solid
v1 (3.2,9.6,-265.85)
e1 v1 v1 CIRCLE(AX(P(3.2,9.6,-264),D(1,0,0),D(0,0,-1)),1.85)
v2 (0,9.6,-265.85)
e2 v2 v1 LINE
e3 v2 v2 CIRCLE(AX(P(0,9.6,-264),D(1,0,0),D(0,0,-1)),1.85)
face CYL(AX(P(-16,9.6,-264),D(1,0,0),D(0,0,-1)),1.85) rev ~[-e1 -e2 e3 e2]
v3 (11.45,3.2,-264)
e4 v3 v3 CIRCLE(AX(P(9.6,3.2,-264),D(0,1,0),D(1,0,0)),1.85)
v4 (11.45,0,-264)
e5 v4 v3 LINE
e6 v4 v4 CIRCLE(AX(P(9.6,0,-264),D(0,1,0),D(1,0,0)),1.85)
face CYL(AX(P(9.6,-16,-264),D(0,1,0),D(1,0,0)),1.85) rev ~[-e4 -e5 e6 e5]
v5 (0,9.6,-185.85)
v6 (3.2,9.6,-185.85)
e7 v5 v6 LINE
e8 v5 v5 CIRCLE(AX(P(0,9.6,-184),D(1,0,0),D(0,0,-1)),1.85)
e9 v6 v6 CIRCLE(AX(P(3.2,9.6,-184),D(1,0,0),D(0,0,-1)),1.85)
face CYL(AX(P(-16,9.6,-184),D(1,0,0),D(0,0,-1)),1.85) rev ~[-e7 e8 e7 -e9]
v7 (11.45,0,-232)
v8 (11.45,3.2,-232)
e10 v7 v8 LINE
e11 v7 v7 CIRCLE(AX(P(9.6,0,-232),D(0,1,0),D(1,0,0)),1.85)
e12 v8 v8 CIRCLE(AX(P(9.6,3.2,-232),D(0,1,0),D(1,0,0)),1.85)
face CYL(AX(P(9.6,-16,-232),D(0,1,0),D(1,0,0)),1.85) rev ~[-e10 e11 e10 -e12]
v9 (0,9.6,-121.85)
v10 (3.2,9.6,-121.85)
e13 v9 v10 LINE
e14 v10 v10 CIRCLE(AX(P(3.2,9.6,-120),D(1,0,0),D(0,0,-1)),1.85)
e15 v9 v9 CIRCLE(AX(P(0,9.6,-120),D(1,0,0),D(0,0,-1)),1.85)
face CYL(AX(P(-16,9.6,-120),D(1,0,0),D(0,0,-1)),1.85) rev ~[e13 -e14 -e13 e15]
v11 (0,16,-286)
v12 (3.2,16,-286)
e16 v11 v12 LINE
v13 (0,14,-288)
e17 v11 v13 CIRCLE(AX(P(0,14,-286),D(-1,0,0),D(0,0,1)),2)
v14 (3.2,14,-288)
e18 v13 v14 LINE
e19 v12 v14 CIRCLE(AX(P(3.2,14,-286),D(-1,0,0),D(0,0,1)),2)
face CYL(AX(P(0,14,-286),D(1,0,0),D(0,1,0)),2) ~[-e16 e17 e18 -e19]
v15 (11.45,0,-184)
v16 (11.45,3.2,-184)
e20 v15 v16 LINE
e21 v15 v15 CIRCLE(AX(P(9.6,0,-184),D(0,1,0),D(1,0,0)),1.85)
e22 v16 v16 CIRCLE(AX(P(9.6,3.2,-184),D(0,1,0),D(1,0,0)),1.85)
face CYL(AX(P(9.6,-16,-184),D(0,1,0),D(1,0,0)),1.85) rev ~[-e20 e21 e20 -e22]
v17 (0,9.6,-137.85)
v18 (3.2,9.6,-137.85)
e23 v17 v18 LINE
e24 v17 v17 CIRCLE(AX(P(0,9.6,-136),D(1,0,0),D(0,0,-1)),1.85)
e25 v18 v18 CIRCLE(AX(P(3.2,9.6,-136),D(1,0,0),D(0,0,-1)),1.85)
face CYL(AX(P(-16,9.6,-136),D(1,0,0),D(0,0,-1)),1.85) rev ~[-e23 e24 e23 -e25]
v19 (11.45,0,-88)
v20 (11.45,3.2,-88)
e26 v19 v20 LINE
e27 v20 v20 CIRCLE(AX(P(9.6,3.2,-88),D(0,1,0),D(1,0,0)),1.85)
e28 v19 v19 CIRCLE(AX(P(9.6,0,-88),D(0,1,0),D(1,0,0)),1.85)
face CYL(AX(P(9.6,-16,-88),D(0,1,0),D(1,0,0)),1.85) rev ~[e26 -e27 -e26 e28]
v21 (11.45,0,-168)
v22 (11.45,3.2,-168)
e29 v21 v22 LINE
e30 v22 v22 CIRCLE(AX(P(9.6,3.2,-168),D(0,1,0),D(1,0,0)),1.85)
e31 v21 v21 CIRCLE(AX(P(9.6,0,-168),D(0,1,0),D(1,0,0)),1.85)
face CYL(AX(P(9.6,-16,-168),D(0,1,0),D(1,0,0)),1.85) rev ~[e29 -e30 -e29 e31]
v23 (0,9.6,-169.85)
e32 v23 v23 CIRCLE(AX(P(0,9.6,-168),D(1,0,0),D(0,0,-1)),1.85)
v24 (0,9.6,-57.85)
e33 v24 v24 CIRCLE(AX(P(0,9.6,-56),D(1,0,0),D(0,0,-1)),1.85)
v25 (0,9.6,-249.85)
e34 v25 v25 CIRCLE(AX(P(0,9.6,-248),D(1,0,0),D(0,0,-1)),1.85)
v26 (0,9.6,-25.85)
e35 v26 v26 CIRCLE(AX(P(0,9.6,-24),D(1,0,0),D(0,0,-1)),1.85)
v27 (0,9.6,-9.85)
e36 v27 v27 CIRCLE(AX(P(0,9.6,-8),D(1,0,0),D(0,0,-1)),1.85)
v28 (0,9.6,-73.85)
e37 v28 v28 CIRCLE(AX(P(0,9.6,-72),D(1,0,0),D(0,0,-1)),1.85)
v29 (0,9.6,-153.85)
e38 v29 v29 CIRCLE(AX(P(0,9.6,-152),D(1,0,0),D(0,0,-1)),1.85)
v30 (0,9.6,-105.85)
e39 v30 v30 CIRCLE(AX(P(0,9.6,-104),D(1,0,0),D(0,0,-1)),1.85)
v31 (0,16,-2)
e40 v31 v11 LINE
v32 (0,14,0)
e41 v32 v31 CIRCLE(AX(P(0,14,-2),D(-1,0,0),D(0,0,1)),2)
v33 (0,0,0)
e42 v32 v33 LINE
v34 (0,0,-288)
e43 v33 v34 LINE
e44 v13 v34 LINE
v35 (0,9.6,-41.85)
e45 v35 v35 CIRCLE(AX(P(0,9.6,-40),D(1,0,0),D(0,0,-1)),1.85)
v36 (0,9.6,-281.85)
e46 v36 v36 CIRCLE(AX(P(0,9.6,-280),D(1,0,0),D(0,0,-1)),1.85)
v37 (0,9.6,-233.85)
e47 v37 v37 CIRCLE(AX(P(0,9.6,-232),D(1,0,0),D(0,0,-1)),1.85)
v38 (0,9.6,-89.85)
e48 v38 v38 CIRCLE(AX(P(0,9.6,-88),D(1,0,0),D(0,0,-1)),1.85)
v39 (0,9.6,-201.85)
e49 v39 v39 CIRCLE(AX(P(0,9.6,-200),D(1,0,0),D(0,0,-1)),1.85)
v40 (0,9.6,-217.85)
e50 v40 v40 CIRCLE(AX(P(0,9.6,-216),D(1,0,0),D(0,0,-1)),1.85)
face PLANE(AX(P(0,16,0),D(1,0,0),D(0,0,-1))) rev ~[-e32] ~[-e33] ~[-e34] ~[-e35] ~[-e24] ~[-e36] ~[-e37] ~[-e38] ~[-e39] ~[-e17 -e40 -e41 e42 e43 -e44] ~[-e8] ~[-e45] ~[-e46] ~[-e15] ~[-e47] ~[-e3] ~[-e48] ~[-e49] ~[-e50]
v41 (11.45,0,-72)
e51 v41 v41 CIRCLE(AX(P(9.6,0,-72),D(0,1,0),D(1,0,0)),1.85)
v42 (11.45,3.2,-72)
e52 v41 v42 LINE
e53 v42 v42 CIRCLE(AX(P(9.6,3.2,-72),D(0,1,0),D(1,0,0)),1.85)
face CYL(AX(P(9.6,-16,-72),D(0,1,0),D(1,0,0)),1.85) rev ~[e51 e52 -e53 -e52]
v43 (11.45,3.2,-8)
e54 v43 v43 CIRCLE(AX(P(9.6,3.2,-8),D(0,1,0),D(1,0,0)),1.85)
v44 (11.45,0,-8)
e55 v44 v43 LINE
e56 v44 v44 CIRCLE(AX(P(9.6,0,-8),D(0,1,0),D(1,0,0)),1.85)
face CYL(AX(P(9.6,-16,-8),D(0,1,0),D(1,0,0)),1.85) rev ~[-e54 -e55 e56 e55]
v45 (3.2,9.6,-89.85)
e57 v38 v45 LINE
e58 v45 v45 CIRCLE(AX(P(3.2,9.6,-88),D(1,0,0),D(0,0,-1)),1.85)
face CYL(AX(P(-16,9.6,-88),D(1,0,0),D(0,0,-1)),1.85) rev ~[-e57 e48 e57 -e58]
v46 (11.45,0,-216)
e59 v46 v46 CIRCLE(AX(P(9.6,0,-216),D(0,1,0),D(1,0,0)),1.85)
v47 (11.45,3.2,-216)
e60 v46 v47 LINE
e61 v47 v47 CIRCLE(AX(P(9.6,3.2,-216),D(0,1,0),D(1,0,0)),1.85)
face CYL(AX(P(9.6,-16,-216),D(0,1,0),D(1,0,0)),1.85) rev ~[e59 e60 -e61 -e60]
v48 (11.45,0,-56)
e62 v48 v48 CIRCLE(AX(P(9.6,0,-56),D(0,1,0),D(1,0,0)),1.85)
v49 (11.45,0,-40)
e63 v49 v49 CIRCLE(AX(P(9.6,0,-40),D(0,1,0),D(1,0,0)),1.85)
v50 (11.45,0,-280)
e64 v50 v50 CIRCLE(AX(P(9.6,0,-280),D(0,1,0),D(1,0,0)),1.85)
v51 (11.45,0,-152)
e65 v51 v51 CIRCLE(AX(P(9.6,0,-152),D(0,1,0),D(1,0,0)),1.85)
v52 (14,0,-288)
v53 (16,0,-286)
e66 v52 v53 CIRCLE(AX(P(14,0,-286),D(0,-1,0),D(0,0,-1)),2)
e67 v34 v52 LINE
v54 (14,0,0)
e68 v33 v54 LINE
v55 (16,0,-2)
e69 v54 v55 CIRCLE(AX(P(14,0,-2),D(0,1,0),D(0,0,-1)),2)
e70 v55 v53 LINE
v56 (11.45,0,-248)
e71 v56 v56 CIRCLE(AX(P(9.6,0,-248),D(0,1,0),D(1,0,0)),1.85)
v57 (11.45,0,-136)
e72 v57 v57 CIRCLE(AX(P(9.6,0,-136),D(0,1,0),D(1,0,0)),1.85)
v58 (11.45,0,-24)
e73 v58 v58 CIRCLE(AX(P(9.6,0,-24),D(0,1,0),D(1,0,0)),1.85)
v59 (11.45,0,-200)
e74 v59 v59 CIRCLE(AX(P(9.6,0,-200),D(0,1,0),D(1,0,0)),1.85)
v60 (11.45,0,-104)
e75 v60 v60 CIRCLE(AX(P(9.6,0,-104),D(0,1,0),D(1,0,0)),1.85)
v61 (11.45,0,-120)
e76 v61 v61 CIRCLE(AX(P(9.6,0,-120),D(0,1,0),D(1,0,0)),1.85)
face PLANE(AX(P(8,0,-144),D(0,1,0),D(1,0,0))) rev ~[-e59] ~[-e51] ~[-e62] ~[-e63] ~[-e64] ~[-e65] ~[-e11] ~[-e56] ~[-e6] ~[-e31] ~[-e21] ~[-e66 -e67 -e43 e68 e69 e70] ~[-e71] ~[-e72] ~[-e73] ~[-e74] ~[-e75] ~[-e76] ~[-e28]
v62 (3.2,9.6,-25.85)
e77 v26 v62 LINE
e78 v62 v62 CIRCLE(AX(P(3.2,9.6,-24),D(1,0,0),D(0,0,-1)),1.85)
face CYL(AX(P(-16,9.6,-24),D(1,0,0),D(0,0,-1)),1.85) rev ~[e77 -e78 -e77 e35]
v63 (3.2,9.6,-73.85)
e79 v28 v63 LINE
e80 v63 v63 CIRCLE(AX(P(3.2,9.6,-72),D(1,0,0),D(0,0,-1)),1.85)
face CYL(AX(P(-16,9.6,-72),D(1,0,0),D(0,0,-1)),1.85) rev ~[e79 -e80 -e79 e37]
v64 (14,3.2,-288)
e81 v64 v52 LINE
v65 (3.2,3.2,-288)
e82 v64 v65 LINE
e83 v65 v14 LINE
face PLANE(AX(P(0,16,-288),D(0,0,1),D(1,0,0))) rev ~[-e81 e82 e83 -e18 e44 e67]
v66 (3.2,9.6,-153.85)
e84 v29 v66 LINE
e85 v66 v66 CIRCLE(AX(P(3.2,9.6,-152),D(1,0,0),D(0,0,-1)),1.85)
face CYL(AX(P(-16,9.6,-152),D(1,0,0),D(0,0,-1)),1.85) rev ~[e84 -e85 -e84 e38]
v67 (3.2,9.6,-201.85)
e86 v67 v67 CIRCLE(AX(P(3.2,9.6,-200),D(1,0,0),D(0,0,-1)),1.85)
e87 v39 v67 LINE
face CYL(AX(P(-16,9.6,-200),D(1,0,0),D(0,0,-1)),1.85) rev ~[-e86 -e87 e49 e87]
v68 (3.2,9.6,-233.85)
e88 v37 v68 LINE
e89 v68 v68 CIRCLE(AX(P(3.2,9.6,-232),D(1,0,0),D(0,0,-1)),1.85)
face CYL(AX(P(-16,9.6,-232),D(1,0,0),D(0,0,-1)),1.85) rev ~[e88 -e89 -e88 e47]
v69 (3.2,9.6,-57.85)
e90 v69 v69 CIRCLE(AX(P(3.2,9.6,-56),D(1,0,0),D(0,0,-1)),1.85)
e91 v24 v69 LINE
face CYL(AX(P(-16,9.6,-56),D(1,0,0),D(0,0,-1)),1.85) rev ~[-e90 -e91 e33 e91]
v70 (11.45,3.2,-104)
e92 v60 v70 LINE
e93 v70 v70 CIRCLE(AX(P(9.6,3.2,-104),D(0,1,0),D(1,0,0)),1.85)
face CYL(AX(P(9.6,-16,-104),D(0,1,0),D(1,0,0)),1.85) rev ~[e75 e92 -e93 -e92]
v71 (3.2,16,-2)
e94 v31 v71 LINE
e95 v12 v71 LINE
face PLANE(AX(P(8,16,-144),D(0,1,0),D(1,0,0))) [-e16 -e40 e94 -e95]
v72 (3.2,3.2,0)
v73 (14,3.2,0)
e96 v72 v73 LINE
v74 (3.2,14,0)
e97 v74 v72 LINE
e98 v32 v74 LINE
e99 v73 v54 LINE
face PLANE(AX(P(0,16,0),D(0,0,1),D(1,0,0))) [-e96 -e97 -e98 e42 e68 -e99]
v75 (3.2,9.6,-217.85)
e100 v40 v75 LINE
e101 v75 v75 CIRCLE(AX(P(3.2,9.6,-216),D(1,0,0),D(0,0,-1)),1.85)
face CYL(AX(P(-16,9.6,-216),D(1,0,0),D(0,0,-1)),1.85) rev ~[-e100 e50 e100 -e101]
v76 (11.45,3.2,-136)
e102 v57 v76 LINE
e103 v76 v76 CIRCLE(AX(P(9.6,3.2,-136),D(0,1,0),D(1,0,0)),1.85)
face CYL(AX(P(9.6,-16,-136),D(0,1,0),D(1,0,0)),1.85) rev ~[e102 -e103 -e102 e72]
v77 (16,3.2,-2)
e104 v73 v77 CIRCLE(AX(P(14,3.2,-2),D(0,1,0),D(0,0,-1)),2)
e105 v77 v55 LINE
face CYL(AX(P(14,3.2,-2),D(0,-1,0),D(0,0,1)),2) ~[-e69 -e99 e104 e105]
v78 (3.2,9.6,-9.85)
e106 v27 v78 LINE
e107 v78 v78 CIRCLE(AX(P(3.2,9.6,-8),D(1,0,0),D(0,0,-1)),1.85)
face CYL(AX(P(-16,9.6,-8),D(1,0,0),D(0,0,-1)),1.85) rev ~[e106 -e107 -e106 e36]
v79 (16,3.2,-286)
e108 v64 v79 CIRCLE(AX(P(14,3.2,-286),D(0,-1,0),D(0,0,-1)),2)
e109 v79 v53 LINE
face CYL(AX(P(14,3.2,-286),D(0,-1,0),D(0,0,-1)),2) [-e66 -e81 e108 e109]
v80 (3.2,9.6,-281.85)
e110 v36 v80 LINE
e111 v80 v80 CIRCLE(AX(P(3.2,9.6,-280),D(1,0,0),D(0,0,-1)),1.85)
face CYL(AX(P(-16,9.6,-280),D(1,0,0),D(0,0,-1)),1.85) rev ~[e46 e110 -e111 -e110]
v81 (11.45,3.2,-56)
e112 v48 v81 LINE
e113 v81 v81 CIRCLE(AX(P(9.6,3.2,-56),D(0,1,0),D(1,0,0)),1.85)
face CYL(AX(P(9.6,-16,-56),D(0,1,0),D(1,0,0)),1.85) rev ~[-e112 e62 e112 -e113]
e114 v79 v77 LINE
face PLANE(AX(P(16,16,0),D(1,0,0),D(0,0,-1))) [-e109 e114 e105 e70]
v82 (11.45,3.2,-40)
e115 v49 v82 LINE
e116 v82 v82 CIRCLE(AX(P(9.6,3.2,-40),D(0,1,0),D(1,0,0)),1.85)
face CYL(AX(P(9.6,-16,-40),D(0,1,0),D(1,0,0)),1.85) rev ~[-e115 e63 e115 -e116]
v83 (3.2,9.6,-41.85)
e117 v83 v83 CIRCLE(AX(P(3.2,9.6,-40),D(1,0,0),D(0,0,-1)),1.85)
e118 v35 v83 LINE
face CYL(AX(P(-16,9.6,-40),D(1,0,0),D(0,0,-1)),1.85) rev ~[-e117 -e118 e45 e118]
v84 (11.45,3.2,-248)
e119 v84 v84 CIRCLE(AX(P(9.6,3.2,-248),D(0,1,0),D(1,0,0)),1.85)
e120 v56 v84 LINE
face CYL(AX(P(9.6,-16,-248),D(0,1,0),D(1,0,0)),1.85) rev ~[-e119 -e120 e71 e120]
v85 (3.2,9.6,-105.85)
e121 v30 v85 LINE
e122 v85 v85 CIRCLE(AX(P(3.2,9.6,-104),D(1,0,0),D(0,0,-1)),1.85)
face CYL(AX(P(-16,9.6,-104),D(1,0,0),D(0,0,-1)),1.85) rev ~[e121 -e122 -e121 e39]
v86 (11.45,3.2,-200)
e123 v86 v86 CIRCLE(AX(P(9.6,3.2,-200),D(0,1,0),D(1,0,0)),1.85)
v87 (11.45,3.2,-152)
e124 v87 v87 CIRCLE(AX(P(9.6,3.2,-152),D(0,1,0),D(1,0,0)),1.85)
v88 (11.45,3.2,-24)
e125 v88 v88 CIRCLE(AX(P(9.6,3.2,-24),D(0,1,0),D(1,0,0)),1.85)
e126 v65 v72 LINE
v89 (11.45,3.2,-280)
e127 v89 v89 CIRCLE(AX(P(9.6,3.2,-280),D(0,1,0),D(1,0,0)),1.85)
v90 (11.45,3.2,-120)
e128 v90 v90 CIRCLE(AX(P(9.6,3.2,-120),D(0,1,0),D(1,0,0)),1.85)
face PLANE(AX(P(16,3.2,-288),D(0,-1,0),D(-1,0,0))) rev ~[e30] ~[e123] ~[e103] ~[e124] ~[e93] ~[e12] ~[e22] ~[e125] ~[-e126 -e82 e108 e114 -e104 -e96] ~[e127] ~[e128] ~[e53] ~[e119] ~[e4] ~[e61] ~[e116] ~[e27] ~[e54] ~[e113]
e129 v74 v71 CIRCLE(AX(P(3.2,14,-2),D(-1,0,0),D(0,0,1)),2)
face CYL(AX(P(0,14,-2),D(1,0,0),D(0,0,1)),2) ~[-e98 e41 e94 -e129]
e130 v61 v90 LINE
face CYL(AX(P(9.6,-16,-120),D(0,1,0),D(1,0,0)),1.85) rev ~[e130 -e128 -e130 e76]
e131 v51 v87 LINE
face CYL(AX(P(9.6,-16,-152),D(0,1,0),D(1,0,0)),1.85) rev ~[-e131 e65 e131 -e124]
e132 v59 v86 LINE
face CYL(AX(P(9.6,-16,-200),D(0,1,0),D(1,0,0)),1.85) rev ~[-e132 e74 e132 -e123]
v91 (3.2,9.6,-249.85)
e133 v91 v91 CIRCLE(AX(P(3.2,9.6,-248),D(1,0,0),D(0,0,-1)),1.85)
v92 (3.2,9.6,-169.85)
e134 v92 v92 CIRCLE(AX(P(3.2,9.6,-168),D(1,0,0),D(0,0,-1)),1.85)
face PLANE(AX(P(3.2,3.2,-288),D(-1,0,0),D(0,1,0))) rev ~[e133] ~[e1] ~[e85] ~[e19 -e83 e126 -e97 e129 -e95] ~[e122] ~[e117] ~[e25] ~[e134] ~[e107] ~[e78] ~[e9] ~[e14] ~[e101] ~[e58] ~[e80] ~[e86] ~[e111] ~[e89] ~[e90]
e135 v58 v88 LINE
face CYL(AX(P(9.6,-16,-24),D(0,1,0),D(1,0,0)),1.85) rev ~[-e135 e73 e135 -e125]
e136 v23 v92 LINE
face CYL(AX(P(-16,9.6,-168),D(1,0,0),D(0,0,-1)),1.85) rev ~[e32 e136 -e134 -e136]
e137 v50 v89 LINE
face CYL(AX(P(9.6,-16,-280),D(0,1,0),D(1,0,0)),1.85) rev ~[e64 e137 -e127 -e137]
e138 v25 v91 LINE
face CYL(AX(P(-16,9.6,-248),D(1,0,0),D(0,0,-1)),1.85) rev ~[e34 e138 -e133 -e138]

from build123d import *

# Parameters (mm, degrees)
SKETCH1_W                      = 16
SKETCH1_H                      = 288
BOSS_EXTRUDE1_DEPTH            = 16
SKETCH2_W                      = 12.8
SKETCH2_H                      = 12.8
CUT_EXTRUDE1_DEPTH             = 289
F_3_7_3_7_DIAMETER_HOLE1_D     = 3.7
F_3_7_3_7_DIAMETER_HOLE1_DEPTH = 16
F_3_7_3_7_DIAMETER_HOLE2_D     = 3.7
F_3_7_3_7_DIAMETER_HOLE2_DEPTH = 16
FILLET1_R                      = 2


with BuildPart() as part:
    # Sketch1 → Boss-Extrude1 (new body)
    with BuildSketch(Plane(origin=(0, 16, 0), x_dir=(1, 0, 0), z_dir=(0, 1, 0))):
        with Locations((8, 144)):
            Rectangle(SKETCH1_W, SKETCH1_H)
    extrude(amount=-BOSS_EXTRUDE1_DEPTH)

    # Sketch2 → Cut-Extrude1 (cut, through all)
    with BuildSketch(Plane(origin=(0, 0, -288), x_dir=(-1, 0, 0), z_dir=(0, 0, -1))):
        with Locations((-9.6, 9.6)):
            Rectangle(SKETCH2_W, SKETCH2_H)
    extrude(amount=-CUT_EXTRUDE1_DEPTH, mode=Mode.SUBTRACT)

    # Ø3.7 (3.7) Diameter Hole1
    with Locations(Plane(origin=(0, 0, 0), x_dir=(-1, 0, 0), z_dir=(0, -1, 0))):
        with Locations((-9.6, 24), (-9.6, 40), (-9.6, 56), (-9.6, 72), (-9.6, 88), (-9.6, 104), (-9.6, 120), (-9.6, 136), (-9.6, 152), (-9.6, 168), (-9.6, 184), (-9.6, 200), (-9.6, 216), (-9.6, 232), (-9.6, 248), (-9.6, 264), (-9.6, 280), (-9.6, 8)):
            Hole(F_3_7_3_7_DIAMETER_HOLE1_D / 2, depth=F_3_7_3_7_DIAMETER_HOLE1_DEPTH)

    # Ø3.7 (3.7) Diameter Hole2
    with Locations(Plane.ZY):
        with Locations((-24, 9.6), (-40, 9.6), (-56, 9.6), (-72, 9.6), (-88, 9.6), (-104, 9.6), (-120, 9.6), (-136, 9.6), (-152, 9.6), (-168, 9.6), (-184, 9.6), (-200, 9.6), (-216, 9.6), (-232, 9.6), (-248, 9.6), (-264, 9.6), (-280, 9.6), (-8, 9.6)):
            Hole(F_3_7_3_7_DIAMETER_HOLE2_D / 2, depth=F_3_7_3_7_DIAMETER_HOLE2_DEPTH)

    # Fillet1
    fillet1_edges = [part.edges().sort_by_distance(p)[0] for p in [
        (1.6, 16, -288),
        (1.6, 16, 0),
        (16, 1.6, -288),
        (16, 1.6, 0),
    ]]
    fillet(fillet1_edges, radius=FILLET1_R)


solid = part.part
